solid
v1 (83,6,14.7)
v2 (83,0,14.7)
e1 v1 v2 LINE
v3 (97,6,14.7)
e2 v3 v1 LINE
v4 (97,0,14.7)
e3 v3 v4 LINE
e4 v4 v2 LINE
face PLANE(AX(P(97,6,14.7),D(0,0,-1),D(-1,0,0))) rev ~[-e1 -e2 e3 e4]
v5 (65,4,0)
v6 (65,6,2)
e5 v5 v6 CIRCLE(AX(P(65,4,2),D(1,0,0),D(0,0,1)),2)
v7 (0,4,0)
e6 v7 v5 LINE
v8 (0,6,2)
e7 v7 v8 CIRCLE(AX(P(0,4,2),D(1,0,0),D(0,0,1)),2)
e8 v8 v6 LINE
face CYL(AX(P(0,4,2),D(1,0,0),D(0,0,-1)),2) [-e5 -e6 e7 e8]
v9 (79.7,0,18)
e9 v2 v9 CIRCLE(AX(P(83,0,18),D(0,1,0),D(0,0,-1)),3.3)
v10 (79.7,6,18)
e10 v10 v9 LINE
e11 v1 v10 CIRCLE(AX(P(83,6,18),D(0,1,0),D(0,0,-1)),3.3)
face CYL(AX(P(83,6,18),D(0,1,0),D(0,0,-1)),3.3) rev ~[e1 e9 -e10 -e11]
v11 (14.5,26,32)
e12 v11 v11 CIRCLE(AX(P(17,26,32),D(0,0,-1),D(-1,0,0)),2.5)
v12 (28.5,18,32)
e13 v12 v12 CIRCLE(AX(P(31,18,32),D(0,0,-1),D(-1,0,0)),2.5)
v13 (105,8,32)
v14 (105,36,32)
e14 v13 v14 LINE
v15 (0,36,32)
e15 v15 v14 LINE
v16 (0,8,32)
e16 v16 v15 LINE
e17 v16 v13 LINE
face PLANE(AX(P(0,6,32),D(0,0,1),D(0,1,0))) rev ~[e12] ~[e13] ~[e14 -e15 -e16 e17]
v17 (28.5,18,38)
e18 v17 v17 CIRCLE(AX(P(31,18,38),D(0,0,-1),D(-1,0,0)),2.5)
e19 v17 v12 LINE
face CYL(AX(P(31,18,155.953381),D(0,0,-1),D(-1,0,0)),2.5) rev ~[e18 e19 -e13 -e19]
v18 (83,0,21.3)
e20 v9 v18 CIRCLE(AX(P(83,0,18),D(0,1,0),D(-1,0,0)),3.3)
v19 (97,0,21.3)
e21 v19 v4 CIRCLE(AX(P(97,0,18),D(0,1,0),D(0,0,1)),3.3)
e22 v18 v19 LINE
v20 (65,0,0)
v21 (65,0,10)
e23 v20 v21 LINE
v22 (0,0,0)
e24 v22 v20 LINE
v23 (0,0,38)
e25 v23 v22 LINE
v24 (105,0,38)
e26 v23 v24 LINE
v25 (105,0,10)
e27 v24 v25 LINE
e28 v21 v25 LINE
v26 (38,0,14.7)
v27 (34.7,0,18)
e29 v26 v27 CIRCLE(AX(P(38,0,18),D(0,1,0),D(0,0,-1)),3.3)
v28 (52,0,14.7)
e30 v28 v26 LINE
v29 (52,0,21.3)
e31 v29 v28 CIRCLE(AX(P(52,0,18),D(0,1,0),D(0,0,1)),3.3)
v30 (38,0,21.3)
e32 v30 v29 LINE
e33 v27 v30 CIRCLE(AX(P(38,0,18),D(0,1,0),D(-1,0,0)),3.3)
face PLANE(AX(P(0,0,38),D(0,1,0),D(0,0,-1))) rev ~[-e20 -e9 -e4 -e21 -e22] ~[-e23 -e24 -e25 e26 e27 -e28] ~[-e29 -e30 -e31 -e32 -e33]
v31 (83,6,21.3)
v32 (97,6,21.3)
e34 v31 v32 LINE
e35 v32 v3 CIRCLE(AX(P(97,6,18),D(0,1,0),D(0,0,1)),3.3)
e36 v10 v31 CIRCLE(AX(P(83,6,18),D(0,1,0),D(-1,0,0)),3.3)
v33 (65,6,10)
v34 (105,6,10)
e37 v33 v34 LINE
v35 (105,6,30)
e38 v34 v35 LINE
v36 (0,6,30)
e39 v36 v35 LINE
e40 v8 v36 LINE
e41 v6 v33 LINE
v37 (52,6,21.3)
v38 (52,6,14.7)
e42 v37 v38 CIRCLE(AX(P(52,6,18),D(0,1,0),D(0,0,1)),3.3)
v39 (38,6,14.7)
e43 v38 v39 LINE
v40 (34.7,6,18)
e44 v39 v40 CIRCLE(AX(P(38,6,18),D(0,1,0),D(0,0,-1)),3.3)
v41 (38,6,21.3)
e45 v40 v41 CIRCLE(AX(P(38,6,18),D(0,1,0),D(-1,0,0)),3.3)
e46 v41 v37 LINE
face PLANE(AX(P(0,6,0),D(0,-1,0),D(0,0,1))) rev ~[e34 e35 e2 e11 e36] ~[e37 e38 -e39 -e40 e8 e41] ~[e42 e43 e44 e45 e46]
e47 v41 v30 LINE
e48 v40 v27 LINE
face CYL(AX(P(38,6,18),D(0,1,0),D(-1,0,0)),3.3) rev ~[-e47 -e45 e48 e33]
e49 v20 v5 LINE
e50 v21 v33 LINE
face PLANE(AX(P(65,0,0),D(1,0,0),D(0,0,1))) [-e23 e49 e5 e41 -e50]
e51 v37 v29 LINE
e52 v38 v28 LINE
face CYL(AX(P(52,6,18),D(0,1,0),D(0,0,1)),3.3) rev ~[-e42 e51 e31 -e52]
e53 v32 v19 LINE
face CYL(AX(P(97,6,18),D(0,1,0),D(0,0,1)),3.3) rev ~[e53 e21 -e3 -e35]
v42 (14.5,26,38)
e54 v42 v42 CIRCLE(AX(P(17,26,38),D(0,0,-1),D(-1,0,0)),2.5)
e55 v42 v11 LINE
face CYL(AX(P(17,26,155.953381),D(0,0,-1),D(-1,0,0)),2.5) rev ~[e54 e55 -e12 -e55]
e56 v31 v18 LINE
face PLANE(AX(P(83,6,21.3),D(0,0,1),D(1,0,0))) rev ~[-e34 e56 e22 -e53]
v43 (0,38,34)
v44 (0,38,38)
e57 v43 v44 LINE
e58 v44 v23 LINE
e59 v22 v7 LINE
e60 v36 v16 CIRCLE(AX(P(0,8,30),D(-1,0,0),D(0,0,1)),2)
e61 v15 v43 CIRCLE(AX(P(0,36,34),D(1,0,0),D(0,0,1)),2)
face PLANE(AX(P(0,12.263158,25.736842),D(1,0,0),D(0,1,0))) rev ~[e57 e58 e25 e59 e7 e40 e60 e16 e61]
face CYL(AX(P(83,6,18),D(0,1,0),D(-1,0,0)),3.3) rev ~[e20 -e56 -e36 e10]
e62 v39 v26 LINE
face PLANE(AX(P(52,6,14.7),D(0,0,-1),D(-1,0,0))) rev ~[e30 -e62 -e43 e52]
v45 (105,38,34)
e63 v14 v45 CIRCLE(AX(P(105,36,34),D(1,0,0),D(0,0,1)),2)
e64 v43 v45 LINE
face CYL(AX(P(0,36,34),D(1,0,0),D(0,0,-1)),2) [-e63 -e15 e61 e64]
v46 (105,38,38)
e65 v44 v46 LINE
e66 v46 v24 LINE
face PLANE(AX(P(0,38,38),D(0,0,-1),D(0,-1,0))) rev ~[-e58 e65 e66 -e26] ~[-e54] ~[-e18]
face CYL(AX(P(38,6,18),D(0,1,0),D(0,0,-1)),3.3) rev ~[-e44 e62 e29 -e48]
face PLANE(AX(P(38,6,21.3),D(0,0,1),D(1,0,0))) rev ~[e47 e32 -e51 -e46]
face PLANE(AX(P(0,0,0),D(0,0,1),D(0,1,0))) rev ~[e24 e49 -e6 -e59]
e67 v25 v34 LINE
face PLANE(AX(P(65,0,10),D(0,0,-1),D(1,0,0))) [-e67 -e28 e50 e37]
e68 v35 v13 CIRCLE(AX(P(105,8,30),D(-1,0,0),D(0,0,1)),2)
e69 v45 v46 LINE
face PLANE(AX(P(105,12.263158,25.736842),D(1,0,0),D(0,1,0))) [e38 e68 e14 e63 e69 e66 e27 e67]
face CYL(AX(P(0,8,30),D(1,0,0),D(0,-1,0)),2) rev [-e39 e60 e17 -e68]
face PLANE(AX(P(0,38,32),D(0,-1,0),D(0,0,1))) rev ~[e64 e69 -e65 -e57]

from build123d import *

# Parameters (mm, degrees)
F1_DEPTH = 105
F2_W     = 40
F2_H     = 10
F3_DEPTH = 25
F5_DEPTH = 25
F7_D     = 5
F8_R     = 2
F9_R     = 2


with BuildPart() as f1:
    # F0 (on Right) → F1 (new body)
    with BuildSketch(Plane.YZ):
        Polygon((0, 38), (0, 0), (6, 0), (6, 32), (38, 32), (38, 38), align=None)
    extrude(amount=F1_DEPTH)

    # F2 (on face) → F3 (cut)
    with BuildSketch(Plane.XZ):
        with Locations((85, 5)):
            Rectangle(F2_W, F2_H)
    extrude(amount=-F3_DEPTH, mode=Mode.SUBTRACT)

    # F4 (on face) → F5 (cut)
    with BuildSketch(Plane(origin=(0, 6, 0), x_dir=(-1, 0, 0), z_dir=(0, 1, 0))):
        with BuildLine():
            ThreePointArc((-97, 14.7), (-94.6665476221, 15.6665476221), (-93.7, 18))
            ThreePointArc((-93.7, 18), (-94.6665476221, 20.3334523779), (-97, 21.3))
            ThreePointArc((-97, 21.3), (-100.3, 18), (-97, 14.7))
        make_face()
        with BuildLine():
            ThreePointArc((-97, 21.3), (-94.6665476221, 20.3334523779), (-93.7, 18))
            ThreePointArc((-93.7, 18), (-94.6665476221, 15.6665476221), (-97, 14.7))
            Line((-97, 14.7), (-83, 14.7))
            ThreePointArc((-83, 14.7), (-86.3, 18), (-83, 21.3))
            Line((-83, 21.3), (-97, 21.3))
        make_face()
        with BuildLine():
            Line((-83, 14.7), (-83, 21.3))
            ThreePointArc((-83, 21.3), (-86.3, 18), (-83, 14.7))
        make_face()
        with BuildLine():
            ThreePointArc((-79.7, 18), (-80.6665476221, 20.3334523779), (-83, 21.3))
            Line((-83, 21.3), (-83, 14.7))
            ThreePointArc((-83, 14.7), (-80.6665476221, 15.6665476221), (-79.7, 18))
        make_face()
        with BuildLine():
            ThreePointArc((-52, 14.7), (-49.6665476221, 15.6665476221), (-48.7, 18))
            ThreePointArc((-48.7, 18), (-49.6665476221, 20.3334523779), (-52, 21.3))
            ThreePointArc((-52, 21.3), (-55.3, 18), (-52, 14.7))
        make_face()
        with BuildLine():
            ThreePointArc((-52, 21.3), (-49.6665476221, 20.3334523779), (-48.7, 18))
            ThreePointArc((-48.7, 18), (-49.6665476221, 15.6665476221), (-52, 14.7))
            Line((-52, 14.7), (-38, 14.7))
            ThreePointArc((-38, 14.7), (-41.3, 18), (-38, 21.3))
            Line((-38, 21.3), (-52, 21.3))
        make_face()
        with BuildLine():
            Line((-38, 14.7), (-38, 21.3))
            ThreePointArc((-38, 21.3), (-41.3, 18), (-38, 14.7))
        make_face()
        with BuildLine():
            ThreePointArc((-34.7, 18), (-35.6665476221, 20.3334523779), (-38, 21.3))
            Line((-38, 21.3), (-38, 14.7))
            ThreePointArc((-38, 14.7), (-35.6665476221, 15.6665476221), (-34.7, 18))
        make_face()
    extrude(amount=-F5_DEPTH, mode=Mode.SUBTRACT)

    # F7 (through all)
    with Locations(Plane.XY.offset(38)):
        with Locations((31, 18), (17, 26)):
            Hole(F7_D / 2)

    # F8
    f8_edges = [f1.edges().sort_by_distance(p)[0] for p in [
        (52.5, 38, 32),
        (32.5, 6, 0),
    ]]
    fillet(f8_edges, radius=F8_R)

    # F9
    f9_edges = [f1.edges().sort_by_distance(p)[0] for p in [
        (52.5, 6, 32),
    ]]
    fillet(f9_edges, radius=F9_R)


solid = f1.part
